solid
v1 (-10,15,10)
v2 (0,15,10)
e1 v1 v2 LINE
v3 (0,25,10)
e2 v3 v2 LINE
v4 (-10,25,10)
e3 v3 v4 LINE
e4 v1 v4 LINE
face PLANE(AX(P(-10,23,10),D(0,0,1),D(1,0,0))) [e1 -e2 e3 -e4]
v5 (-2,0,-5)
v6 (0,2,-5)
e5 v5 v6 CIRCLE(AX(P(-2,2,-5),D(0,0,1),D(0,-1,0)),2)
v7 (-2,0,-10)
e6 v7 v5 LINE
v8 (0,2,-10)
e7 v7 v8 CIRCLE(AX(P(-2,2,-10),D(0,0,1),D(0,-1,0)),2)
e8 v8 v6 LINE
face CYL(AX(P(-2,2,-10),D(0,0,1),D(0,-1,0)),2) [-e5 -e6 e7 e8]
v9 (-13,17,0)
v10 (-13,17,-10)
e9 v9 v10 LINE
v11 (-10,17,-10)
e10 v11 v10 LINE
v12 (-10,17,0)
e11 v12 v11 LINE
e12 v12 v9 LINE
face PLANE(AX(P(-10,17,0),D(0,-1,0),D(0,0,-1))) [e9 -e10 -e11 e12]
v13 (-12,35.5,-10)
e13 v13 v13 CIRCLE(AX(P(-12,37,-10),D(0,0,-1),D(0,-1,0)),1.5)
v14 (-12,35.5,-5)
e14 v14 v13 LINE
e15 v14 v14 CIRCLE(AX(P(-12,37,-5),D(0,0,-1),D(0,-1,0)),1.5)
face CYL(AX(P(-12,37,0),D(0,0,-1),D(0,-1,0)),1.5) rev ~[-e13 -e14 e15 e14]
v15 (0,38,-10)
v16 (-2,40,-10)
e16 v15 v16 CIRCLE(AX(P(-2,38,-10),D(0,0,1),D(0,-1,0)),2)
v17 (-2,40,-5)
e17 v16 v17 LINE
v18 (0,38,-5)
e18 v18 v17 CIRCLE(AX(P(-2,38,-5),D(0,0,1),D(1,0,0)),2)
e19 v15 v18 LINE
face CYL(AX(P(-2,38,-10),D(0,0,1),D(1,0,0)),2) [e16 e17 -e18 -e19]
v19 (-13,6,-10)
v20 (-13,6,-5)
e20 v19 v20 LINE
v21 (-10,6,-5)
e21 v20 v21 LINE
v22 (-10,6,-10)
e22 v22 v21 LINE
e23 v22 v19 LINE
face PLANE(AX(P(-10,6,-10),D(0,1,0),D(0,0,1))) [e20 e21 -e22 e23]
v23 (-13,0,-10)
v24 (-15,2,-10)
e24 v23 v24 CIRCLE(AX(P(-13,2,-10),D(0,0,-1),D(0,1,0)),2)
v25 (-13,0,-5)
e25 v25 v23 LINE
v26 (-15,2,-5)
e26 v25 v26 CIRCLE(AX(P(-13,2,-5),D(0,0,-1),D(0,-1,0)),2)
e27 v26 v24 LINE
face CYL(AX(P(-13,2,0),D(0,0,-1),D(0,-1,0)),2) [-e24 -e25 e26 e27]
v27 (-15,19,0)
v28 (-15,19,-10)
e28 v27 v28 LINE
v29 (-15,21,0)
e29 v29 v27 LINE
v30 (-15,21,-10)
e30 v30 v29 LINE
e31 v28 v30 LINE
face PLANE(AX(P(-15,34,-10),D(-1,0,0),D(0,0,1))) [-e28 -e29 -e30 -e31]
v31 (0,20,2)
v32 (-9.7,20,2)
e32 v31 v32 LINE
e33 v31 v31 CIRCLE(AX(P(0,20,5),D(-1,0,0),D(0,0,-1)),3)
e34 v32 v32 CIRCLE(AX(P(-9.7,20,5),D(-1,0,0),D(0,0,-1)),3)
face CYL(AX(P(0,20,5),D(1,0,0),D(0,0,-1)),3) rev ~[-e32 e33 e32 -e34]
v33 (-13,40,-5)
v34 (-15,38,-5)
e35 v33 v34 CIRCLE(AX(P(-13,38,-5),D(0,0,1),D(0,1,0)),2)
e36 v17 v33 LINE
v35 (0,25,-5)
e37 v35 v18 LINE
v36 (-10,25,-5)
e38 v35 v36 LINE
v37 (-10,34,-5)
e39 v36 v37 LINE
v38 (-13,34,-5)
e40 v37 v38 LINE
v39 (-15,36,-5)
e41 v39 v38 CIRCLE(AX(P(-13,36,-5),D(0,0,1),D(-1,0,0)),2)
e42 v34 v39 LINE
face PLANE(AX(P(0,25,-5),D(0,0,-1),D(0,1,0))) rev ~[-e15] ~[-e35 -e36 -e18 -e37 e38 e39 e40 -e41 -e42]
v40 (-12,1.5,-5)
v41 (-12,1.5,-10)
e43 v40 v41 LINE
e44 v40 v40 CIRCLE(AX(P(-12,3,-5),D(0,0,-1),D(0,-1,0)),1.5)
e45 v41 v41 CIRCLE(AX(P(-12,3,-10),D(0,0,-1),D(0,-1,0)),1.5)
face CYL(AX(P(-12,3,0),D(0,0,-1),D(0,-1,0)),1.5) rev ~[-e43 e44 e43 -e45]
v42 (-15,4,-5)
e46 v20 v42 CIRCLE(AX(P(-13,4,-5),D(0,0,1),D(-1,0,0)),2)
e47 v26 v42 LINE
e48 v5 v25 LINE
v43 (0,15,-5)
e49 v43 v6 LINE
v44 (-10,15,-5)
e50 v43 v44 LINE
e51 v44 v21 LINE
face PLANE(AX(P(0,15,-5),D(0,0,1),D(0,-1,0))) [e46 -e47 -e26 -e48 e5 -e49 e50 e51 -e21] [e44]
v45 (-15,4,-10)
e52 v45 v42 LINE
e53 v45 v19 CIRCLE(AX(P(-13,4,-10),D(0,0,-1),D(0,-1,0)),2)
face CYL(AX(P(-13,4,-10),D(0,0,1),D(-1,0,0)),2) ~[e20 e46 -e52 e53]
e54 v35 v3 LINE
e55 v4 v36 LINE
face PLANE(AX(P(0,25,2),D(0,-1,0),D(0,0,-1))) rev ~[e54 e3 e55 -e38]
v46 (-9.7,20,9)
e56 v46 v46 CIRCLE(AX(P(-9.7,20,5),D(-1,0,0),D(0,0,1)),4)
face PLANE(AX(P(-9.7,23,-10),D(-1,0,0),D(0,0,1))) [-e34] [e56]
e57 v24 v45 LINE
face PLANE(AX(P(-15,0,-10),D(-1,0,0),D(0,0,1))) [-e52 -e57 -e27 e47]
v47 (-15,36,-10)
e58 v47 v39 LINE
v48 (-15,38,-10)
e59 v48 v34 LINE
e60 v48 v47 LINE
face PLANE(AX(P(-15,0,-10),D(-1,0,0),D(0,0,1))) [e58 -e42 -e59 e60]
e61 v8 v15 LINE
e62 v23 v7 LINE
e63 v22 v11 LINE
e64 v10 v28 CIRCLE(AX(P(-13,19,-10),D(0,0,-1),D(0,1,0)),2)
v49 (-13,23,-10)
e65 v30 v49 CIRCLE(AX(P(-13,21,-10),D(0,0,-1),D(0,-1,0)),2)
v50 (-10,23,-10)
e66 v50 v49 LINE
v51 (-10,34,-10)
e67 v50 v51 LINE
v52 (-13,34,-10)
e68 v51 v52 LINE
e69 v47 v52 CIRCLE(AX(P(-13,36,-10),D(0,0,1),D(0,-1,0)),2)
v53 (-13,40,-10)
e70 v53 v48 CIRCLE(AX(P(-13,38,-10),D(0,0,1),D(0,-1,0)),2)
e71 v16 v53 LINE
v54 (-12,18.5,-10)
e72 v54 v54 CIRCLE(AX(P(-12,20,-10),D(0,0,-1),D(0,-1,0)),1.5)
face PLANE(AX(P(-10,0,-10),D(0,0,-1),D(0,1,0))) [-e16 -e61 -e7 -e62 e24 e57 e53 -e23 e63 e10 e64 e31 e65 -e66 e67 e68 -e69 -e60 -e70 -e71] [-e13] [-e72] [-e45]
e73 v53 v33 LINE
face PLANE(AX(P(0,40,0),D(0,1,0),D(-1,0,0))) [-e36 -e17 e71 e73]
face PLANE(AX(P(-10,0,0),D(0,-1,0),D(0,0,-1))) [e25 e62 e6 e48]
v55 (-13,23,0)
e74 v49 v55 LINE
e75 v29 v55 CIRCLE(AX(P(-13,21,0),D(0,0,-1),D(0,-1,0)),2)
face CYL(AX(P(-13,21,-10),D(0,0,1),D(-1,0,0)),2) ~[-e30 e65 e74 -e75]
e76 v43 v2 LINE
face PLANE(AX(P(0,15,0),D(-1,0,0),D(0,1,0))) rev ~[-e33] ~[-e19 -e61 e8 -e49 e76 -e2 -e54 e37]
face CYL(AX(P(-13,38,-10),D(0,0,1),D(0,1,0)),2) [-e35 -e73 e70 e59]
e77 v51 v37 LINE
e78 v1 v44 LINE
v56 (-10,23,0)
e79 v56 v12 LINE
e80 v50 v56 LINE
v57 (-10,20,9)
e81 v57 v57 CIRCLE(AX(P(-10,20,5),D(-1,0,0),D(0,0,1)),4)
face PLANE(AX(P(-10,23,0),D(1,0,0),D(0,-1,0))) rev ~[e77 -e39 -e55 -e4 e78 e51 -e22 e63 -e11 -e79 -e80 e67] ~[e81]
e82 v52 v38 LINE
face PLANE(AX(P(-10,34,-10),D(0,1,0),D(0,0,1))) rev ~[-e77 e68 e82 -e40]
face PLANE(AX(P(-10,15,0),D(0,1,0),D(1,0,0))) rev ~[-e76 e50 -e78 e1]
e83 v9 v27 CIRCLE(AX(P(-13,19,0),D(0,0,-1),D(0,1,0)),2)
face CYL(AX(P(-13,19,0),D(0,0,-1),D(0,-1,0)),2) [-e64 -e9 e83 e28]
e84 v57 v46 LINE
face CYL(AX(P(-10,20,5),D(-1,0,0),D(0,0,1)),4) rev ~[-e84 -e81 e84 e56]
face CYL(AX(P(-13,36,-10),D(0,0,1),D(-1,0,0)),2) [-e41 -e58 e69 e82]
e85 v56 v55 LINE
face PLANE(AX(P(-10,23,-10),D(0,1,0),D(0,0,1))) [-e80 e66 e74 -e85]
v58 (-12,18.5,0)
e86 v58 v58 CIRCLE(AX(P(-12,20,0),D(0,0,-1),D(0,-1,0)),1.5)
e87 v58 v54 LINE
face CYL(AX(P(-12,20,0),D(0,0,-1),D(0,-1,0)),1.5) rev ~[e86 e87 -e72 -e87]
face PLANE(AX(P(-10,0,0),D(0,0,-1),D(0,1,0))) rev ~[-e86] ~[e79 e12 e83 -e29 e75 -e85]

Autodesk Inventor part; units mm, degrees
ref_plane "YZ Plane" through (0, 0, 0) normal (1, 0, 0) x (0, 1, 0)
ref_plane "XZ Plane" through (0, 0, 0) normal (0, 1, 0) x (-1, 0, 0)
sketch "Sketch1" plane through (0, 0, 0) normal (0, 1, 0) x (-1, 0, 0)
  line L0 (0, 0) -> (10, 0)
  line L1 (10, 0) -> (10, -10)
  line L2 (10, -10) -> (0, -10)
  line L3 (0, -10) -> (0, 0)
  dimension "d0" = 10
  dimension "d1" = 10
extrude "Extrusion1" add sketch "Sketch1" along normal blind 40
sketch "Sketch2" plane through (-10, 0, -10) normal (-1, 0, 0) x (0, 0, 1)
  line L0 (0, 40) -> (10, 40) projected
  line L1 (10, 40) -> (0, 40)
  line L2 (0, 40) -> (0, 34)
  line L3 (0, 34) -> (10, 34)
  line L4 (10, 34) -> (10, 40)
  point P0 (10, 0)
  dimension "d4" = 10
  dimension "d5" = 6
extrude "Extrusion2" add sketch "Sketch2" along normal blind 5
sketch "Sketch3" plane through (-10, 0, -10) normal (-1, 0, 0) x (0, 0, 1)
  line L0 (10, 0) -> (10, 40) projected
  line L1 (10, 0) -> (0, 0)
  line L2 (0, 0) -> (0, 6)
  line L3 (0, 6) -> (10, 6)
  line L4 (10, 6) -> (10, 0)
  dimension "d8" = 10
  dimension "d9" = 6
extrude "Extrusion3" add sketch "Sketch3" along normal blind 5
sketch "Sketch4" plane through (-10, 34, -10) normal (-1, 0, 0) x (0, 0, 1)
  line L0 (10, -34) -> (10, 6) projected
  line L1 (10, -34) -> (10, -14)
  line L2 (10, -14) -> (10, -17)
  line L3 (10, -17) -> (0, -17)
  line L4 (0, -17) -> (0, -11)
  line L5 (0, -11) -> (10, -11)
  line L6 (10, -11) -> (10, -17)
  point P0 (10, -11)
  dimension "d12" = 20
  dimension "d13" = 3
  dimension "d14" = 10
  dimension "d15" = 6
extrude "Extrusion4" add sketch "Sketch4" along normal blind 5
sketch "Sketch5" plane through (0, 0, 0) normal (0, 0, 1) x (1, 0, 0)
  line L0 (-15, 0) -> (-15, 6) projected
  line L1 (-15, 3) -> (-12, 3)
  line L2 (-15, 23) -> (-15, 17) projected
  line L3 (-15, 20) -> (-12, 20)
  line L4 (-15, 34) -> (-15, 40) projected
  line L5 (-15, 37) -> (-12, 37)
  point P0 (0, 0)
  dimension "d18" = 3
  dimension "d19" = 3
  dimension "d20" = 3
hole "Hole1" at (-12, 37, 0) at (-12, 20, 0) at (-12, 3, 0) direction (0, 0, -1) diameter 3 end through all
fillet "Fillet1" radius 2 8 edges at (-15, 17, -5) (-15, 23, -5) (-15, 40, -5) (-15, 34, -5) (-15, 6, -5) (-15, 0, -5) (0, 40, -5) (0, 0, -5)
sketch "Sketch6" plane through (0, 2, -10) normal (1, 0, 0) x (0, 0, -1)
  point P0 (-10, -2)
sketch "Sketch7" plane through (0, 0, 0) normal (0, 0, 1) x (1, 0, 0)
  point P0 (0, 0)
ref_plane "Work Plane1" through (0, 0, -5) normal (0, 0, 1) x (1, 0, 0)
sketch "Sketch10" plane through (0, 0, -5) normal (0, 0, 1) x (1, 0, 0)
  point P0 (0, 0)
sketch "Sketch12" plane through (-10, 23, 0) normal (0, 0, 1) x (1, 0, 0)
  line L0 (10, -23) -> (10, -3)
  line L1 (10, -23) -> (30, -23) construction
  line L2 (10, -3) -> (10, 2)
  line L3 (0, 0) -> (0, 11) projected
  line L4 (10, 2) -> (0, 2)
  line L5 (0, 2) -> (0, -8)
  line L6 (0, -8) -> (10, -8)
  line L7 (10, -8) -> (10, 2)
  dimension "d45" = 20
  dimension "d46" = 90
  dimension "d47" = 5
  dimension "d48" = 10
  dimension "d49" = 10
extrude "Extrusion6" add sketch "Sketch12" along normal blind 10
sketch "Sketch13" plane through (0, 2, -10) normal (1, 0, 0) x (0, 0, -1)
  line L0 (-10, 13) -> (-20, 13) projected
  line L1 (-18, 13) -> (-18, 18)
  line L2 (-18, 23) -> (-18, 13) projected
  line L3 (-18, 18) -> (-15, 18)
  circle A0 centre (-15, 18) radius 3
  point P0 (-10, -2)
  point P1 (-12, 13)
  dimension "d54" = 5
  dimension "d55" = 3
  dimension "d56" = 6
extrude "Extrusion7" cut sketch "Sketch13" against normal blind 10
sketch "Sketch14" plane through (0, 2, -10) normal (1, 0, 0) x (0, 0, -1)
  arc A0 (-10, 11) -> (-12, 13) centre (-12, 11) ccw projected
  line L0 (-12, 13) -> (-5, 13)
  line L1 (-5, 13) -> (-5, -2)
  line L2 (0, -2) -> (-10, -2) projected
  line L3 (-5, -2) -> (-5, 38)
  line L4 (-10, 38) -> (0, 38) projected
  line L5 (-5, -2) -> (-12, -2)
  line L6 (-12, -2) -> (-12, 13)
  line L7 (-12, 13) -> (-5, 13)
  line L8 (-5, 13) -> (-5, -2)
  arc A1 (-12, 23) -> (-10, 25) centre (-12, 25) ccw projected
  line L9 (-5, 38) -> (-12, 38)
  line L10 (-12, 38) -> (-12, 23)
  line L11 (-12, 23) -> (-5, 23)
  line L12 (-5, 23) -> (-5, 38)
  dimension "d59" = 7
extrude "Extrusion8" cut sketch "Sketch14" against normal blind 30
sketch "Sketch15" plane through (-10, 23, -10) normal (-1, 0, 0) x (0, 0, 1)
  circle A0 centre (15, -3) radius 3 projected
  circle A1 centre (15, -3) radius 4
  point P0 (10, -23)
  dimension "d62" = 8
extrude "Extrusion9" cut sketch "Sketch15" against normal blind 0.3
properties part number "STUURAS"
